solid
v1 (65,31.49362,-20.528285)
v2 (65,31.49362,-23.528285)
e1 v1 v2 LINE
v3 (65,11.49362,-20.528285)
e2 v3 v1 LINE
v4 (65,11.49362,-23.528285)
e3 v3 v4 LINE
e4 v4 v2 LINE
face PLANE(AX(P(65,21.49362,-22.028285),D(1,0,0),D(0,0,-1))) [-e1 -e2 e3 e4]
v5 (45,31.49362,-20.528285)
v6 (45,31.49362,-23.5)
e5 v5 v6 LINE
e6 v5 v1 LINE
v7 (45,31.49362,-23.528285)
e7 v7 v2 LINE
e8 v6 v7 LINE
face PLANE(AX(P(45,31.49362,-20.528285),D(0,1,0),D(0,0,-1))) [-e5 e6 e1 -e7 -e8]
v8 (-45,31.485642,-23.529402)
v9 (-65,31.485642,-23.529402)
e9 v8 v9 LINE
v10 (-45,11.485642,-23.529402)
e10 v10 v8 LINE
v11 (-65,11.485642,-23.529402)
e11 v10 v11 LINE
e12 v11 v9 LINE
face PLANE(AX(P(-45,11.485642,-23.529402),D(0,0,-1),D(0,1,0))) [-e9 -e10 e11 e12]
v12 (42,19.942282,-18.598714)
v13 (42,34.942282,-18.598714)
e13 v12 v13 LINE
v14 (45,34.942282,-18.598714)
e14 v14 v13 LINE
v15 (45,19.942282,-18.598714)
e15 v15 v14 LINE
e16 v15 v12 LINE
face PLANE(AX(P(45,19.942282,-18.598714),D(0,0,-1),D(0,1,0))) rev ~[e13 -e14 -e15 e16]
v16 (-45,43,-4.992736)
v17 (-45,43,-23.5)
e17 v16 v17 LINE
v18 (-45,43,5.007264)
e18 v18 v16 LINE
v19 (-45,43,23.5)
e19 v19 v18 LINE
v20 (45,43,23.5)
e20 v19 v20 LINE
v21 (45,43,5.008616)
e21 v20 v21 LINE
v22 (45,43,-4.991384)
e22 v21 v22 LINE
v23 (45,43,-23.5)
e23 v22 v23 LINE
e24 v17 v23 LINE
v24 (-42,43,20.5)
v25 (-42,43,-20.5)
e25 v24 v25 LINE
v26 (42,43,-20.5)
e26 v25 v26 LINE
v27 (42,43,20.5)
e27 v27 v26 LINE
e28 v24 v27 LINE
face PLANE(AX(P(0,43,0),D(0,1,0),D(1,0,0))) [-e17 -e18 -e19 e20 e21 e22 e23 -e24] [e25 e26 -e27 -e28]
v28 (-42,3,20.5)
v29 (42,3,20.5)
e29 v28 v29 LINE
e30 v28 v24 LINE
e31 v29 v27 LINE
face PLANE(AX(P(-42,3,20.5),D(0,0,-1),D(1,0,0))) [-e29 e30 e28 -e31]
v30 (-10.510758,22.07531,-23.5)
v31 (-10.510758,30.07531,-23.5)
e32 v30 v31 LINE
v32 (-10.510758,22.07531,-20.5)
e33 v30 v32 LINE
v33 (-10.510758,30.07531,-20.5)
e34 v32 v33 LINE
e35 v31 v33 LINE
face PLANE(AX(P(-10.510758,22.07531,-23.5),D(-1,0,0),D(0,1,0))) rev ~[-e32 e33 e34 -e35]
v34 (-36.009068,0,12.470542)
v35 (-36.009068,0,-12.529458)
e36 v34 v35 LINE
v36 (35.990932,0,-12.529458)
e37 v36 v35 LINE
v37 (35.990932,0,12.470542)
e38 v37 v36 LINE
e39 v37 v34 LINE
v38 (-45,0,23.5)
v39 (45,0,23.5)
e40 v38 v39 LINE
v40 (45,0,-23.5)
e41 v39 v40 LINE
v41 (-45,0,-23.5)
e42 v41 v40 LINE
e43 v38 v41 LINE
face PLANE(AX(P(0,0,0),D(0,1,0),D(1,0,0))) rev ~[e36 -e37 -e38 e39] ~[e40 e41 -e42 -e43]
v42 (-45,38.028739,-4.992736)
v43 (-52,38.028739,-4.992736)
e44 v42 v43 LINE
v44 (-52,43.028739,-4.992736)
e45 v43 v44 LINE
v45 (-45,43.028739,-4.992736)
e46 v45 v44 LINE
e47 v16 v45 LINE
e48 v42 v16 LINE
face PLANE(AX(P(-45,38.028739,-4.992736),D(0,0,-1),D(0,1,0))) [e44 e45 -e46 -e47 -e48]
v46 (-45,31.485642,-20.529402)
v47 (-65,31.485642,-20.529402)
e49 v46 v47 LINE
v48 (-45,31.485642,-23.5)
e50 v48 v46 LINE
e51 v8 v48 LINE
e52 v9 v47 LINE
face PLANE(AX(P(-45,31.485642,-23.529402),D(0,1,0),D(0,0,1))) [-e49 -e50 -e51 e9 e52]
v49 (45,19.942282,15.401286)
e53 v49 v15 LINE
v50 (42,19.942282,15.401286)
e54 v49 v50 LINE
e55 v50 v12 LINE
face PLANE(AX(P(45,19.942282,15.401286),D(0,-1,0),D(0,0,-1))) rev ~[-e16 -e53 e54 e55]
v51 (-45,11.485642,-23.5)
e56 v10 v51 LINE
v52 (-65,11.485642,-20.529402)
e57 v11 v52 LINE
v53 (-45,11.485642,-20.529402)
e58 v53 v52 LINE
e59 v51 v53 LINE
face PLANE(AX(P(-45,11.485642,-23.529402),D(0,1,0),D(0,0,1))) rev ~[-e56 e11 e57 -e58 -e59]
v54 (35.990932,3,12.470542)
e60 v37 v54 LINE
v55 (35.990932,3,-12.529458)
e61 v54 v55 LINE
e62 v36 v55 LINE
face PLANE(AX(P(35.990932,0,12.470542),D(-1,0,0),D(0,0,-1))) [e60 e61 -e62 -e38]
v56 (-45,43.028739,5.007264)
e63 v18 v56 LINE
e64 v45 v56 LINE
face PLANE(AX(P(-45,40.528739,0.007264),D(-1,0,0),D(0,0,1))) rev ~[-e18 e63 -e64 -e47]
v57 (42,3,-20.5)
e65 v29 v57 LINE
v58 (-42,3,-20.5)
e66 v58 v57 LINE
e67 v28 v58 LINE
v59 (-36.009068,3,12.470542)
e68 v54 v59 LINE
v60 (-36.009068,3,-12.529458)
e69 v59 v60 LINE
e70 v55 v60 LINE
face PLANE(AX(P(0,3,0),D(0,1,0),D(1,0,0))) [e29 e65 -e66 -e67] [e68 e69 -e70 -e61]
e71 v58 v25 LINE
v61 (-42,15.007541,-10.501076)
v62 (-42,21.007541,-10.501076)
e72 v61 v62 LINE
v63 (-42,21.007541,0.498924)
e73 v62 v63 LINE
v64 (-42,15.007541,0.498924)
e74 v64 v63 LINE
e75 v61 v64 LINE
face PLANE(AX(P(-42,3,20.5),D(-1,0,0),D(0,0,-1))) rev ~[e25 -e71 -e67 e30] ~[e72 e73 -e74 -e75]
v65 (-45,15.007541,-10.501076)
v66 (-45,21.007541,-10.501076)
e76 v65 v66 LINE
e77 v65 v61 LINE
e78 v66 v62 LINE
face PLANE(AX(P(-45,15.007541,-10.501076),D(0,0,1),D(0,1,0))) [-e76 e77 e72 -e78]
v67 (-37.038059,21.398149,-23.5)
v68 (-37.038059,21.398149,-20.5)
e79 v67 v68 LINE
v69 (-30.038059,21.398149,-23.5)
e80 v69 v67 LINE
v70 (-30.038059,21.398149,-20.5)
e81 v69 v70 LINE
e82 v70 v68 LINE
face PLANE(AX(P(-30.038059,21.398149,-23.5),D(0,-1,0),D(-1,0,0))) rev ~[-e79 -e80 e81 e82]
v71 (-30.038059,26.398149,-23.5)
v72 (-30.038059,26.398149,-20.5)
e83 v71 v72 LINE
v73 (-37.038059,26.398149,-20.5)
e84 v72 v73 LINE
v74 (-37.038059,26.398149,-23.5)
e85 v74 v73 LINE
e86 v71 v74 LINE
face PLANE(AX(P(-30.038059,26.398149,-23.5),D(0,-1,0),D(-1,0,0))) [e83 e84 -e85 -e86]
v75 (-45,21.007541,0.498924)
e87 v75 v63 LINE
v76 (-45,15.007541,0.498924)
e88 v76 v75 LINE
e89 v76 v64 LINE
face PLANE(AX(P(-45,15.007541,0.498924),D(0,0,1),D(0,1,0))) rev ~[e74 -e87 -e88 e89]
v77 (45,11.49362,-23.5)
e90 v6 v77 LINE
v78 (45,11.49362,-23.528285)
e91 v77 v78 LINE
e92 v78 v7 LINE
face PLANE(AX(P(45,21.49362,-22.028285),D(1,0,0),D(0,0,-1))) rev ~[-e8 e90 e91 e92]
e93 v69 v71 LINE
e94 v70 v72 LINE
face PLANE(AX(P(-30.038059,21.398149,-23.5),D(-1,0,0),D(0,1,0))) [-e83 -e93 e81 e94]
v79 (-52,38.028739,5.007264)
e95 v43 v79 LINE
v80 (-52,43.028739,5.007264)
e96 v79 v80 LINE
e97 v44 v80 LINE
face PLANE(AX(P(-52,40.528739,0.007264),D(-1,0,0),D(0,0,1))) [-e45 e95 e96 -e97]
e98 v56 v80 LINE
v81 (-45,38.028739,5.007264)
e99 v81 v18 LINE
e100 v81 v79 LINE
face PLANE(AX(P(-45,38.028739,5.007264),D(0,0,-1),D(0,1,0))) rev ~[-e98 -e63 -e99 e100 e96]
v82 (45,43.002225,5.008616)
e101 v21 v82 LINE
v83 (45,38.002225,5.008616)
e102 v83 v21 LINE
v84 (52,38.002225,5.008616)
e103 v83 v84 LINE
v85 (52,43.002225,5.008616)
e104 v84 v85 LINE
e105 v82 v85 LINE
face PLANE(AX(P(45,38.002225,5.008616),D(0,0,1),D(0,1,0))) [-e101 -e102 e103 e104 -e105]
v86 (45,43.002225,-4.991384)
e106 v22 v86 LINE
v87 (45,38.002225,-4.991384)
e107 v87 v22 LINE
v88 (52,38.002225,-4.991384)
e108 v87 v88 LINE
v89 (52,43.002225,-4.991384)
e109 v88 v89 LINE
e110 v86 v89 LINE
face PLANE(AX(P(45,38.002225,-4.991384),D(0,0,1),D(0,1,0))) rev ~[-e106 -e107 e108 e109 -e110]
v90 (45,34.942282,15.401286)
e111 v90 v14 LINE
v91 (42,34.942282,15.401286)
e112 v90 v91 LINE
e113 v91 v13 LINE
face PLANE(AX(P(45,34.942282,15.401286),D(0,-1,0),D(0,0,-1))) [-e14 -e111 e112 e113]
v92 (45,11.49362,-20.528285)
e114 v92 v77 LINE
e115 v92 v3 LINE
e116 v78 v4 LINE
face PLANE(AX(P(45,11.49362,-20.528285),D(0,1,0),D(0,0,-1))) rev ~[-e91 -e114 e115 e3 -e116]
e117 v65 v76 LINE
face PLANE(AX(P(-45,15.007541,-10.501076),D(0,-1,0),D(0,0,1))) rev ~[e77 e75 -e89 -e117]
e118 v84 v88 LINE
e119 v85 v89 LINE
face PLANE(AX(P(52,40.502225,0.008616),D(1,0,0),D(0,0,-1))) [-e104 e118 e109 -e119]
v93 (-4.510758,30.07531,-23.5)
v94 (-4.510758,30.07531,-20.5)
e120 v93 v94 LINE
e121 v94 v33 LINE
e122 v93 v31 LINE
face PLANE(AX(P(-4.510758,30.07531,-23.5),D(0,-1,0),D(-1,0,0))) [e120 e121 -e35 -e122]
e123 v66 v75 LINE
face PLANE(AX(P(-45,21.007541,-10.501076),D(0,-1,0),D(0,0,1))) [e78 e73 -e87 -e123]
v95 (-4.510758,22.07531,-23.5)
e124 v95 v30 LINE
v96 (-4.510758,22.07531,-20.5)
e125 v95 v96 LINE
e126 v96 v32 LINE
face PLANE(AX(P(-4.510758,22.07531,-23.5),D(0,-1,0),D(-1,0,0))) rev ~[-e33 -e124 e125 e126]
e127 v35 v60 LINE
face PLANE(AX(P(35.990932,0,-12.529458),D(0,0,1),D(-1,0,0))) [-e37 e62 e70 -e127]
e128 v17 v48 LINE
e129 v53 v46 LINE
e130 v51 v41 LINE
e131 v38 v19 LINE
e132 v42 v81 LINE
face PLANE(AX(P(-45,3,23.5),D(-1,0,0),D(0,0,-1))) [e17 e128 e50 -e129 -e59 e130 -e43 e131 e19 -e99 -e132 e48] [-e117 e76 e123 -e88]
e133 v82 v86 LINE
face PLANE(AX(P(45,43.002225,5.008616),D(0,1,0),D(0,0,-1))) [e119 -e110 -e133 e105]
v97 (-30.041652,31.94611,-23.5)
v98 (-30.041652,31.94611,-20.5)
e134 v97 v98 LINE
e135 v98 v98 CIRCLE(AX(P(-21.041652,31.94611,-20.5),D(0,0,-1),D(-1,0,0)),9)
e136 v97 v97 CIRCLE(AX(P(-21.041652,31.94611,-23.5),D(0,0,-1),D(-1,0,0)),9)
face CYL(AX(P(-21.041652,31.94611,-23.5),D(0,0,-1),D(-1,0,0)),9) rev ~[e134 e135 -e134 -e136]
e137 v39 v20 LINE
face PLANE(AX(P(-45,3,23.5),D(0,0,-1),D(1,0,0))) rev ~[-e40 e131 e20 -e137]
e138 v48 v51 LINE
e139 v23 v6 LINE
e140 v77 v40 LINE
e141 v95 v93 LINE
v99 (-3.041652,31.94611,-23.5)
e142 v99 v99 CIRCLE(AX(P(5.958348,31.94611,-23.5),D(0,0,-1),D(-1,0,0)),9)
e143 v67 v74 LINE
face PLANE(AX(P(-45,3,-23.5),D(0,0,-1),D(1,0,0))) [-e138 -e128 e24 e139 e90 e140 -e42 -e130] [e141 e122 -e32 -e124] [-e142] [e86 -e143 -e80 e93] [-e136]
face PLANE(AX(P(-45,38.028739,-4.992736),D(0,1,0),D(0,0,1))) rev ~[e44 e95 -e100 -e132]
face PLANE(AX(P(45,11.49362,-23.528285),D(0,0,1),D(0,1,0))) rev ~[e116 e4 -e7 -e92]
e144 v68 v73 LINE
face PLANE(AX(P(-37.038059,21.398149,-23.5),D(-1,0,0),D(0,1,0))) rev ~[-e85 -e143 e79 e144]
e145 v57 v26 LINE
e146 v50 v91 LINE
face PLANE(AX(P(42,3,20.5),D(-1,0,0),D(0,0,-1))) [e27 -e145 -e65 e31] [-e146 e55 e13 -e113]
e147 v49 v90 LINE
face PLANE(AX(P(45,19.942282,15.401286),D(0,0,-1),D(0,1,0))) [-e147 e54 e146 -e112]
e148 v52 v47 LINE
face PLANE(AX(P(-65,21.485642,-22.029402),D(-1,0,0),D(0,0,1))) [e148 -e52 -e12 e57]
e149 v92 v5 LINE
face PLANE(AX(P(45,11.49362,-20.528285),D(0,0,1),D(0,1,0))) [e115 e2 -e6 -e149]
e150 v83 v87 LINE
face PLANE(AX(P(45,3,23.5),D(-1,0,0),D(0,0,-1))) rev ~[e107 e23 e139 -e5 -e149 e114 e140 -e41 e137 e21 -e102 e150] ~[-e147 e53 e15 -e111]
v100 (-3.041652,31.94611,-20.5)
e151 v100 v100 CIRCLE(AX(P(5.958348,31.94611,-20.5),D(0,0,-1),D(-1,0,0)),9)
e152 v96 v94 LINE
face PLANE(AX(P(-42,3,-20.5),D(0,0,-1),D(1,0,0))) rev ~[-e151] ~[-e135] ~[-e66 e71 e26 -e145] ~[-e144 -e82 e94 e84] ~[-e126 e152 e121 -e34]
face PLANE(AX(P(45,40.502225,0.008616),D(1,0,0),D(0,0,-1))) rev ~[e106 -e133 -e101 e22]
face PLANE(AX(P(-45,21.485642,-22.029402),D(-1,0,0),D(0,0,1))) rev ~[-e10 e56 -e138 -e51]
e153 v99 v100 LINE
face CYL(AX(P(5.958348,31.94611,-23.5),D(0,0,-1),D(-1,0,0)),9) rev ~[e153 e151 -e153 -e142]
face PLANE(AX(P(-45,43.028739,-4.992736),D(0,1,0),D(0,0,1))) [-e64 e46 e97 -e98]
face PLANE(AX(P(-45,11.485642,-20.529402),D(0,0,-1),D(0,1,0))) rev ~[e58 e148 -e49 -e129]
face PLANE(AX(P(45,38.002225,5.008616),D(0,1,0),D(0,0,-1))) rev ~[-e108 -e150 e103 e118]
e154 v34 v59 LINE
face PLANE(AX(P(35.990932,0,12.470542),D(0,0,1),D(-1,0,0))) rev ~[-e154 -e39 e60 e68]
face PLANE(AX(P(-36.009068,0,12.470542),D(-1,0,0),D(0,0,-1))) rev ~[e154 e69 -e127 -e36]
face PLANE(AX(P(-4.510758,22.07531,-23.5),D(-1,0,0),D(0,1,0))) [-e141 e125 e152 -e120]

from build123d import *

# Parameters (mm, degrees)
CROQUIS1_W              = 90
CROQUIS1_H              = 47
SALIENTE_EXTRUIR1_DEPTH = 3
CROQUIS2_W              = 90
CROQUIS2_H              = 47
CROQUIS2_W_2            = 84
CROQUIS2_H_2            = 41
SALIENTE_EXTRUIR2_DEPTH = 40
CROQUIS6_W              = 72
CROQUIS6_H              = 25
CORTAR_EXTRUIR5_DEPTH   = 3
CROQUIS8_W              = 34
CROQUIS8_H              = 15
CORTAR_EXTRUIR6_DEPTH   = 3
CROQUIS9_W              = 9.999999999
CROQUIS9_H              = 5
SALIENTE_EXTRUIR3_DEPTH = 7
CROQUIS10_W             = 3
CROQUIS10_H             = 20
SALIENTE_EXTRUIR4_DEPTH = 20
CROQUIS12_W             = 3
CROQUIS12_H             = 20
SALIENTE_EXTRUIR5_DEPTH = 20
CROQUIS13_W             = 10
CROQUIS13_H             = 5
SALIENTE_EXTRUIR6_DEPTH = 7
CROQUIS14_W             = 11
CROQUIS14_H             = 6
CORTAR_EXTRUIR8_DEPTH   = 3
CROQUIS15_R             = 9
CROQUIS15_W             = 7
CROQUIS15_H             = 5
CROQUIS15_W_2           = 6
CROQUIS15_H_2           = 8
CORTAR_EXTRUIR9_DEPTH   = 3


with BuildPart() as part:
    # Croquis1 → Saliente-Extruir1 (new body)
    with BuildSketch(Plane(origin=(0, 0, 0), x_dir=(1, 0, 0), z_dir=(0, 1, 0))):
        Rectangle(CROQUIS1_W, CROQUIS1_H)
    extrude(amount=SALIENTE_EXTRUIR1_DEPTH)

    # Croquis2 → Saliente-Extruir2 (add)
    with BuildSketch(Plane(origin=(0, 3, 0), x_dir=(1, 0, 0), z_dir=(0, 1, 0))):
        Rectangle(CROQUIS2_W, CROQUIS2_H)
        Rectangle(CROQUIS2_W_2, CROQUIS2_H_2, mode=Mode.SUBTRACT)
    extrude(amount=SALIENTE_EXTRUIR2_DEPTH)

    # Croquis6 → Cortar-Extruir5 (cut)
    with BuildSketch(Plane(origin=(0, 0, 0), x_dir=(-1, 0, 0), z_dir=(0, -1, 0))):
        with Locations((0.009067855, 0.029457722)):
            Rectangle(CROQUIS6_W, CROQUIS6_H)
    extrude(amount=-CORTAR_EXTRUIR5_DEPTH, mode=Mode.SUBTRACT)

    # Croquis8 → Cortar-Extruir6 (cut)
    with BuildSketch(Plane(origin=(45, 0, 0), x_dir=(0, 0, -1), z_dir=(1, 0, 0))):
        with Locations((1.598714356, 27.442281593)):
            Rectangle(CROQUIS8_W, CROQUIS8_H)
    extrude(amount=-CORTAR_EXTRUIR6_DEPTH, mode=Mode.SUBTRACT)

    # Croquis9 → Saliente-Extruir3 (add)
    with BuildSketch(Plane(origin=(45, 0, 0), x_dir=(0, 0, -1), z_dir=(1, 0, 0))):
        with Locations((-0.008616077, 40.502224836)):
            Rectangle(CROQUIS9_W, CROQUIS9_H)
    extrude(amount=SALIENTE_EXTRUIR3_DEPTH)

    # Croquis10 → Saliente-Extruir4 (add)
    with BuildSketch(Plane(origin=(45, 0, 0), x_dir=(0, 0, -1), z_dir=(1, 0, 0))):
        with Locations((22.028285353, 21.493620383)):
            Rectangle(CROQUIS10_W, CROQUIS10_H)
    extrude(amount=SALIENTE_EXTRUIR4_DEPTH)

    # Croquis12 → Saliente-Extruir5 (add)
    with BuildSketch(Plane.ZY.offset(45)):
        with Locations((-22.029401758, 21.485642244)):
            Rectangle(CROQUIS12_W, CROQUIS12_H)
    extrude(amount=SALIENTE_EXTRUIR5_DEPTH)

    # Croquis13 → Saliente-Extruir6 (add)
    with BuildSketch(Plane.ZY.offset(45)):
        with Locations((0.007263923, 40.528739096)):
            Rectangle(CROQUIS13_W, CROQUIS13_H)
    extrude(amount=SALIENTE_EXTRUIR6_DEPTH)

    # Croquis14 → Cortar-Extruir8 (cut)
    with BuildSketch(Plane.ZY.offset(45)):
        with Locations((-5.001075708, 18.007541224)):
            Rectangle(CROQUIS14_W, CROQUIS14_H)
    extrude(amount=-CORTAR_EXTRUIR8_DEPTH, mode=Mode.SUBTRACT)

    # Croquis15 → Cortar-Extruir9 (cut)
    with BuildSketch(Plane(origin=(0, 0, -23.5), x_dir=(-1, 0, 0), z_dir=(0, 0, -1))):
        with Locations((-5.958347551, 31.946109842)):
            Circle(CROQUIS15_R)
        with Locations((21.041652448, 31.946109842)):
            Circle(CROQUIS15_R)
        with Locations((33.5380591, 23.898149155)):
            Rectangle(CROQUIS15_W, CROQUIS15_H)
        with Locations((7.510757726, 26.075310147)):
            Rectangle(CROQUIS15_W_2, CROQUIS15_H_2)
    extrude(amount=-CORTAR_EXTRUIR9_DEPTH, mode=Mode.SUBTRACT)


solid = part.part
